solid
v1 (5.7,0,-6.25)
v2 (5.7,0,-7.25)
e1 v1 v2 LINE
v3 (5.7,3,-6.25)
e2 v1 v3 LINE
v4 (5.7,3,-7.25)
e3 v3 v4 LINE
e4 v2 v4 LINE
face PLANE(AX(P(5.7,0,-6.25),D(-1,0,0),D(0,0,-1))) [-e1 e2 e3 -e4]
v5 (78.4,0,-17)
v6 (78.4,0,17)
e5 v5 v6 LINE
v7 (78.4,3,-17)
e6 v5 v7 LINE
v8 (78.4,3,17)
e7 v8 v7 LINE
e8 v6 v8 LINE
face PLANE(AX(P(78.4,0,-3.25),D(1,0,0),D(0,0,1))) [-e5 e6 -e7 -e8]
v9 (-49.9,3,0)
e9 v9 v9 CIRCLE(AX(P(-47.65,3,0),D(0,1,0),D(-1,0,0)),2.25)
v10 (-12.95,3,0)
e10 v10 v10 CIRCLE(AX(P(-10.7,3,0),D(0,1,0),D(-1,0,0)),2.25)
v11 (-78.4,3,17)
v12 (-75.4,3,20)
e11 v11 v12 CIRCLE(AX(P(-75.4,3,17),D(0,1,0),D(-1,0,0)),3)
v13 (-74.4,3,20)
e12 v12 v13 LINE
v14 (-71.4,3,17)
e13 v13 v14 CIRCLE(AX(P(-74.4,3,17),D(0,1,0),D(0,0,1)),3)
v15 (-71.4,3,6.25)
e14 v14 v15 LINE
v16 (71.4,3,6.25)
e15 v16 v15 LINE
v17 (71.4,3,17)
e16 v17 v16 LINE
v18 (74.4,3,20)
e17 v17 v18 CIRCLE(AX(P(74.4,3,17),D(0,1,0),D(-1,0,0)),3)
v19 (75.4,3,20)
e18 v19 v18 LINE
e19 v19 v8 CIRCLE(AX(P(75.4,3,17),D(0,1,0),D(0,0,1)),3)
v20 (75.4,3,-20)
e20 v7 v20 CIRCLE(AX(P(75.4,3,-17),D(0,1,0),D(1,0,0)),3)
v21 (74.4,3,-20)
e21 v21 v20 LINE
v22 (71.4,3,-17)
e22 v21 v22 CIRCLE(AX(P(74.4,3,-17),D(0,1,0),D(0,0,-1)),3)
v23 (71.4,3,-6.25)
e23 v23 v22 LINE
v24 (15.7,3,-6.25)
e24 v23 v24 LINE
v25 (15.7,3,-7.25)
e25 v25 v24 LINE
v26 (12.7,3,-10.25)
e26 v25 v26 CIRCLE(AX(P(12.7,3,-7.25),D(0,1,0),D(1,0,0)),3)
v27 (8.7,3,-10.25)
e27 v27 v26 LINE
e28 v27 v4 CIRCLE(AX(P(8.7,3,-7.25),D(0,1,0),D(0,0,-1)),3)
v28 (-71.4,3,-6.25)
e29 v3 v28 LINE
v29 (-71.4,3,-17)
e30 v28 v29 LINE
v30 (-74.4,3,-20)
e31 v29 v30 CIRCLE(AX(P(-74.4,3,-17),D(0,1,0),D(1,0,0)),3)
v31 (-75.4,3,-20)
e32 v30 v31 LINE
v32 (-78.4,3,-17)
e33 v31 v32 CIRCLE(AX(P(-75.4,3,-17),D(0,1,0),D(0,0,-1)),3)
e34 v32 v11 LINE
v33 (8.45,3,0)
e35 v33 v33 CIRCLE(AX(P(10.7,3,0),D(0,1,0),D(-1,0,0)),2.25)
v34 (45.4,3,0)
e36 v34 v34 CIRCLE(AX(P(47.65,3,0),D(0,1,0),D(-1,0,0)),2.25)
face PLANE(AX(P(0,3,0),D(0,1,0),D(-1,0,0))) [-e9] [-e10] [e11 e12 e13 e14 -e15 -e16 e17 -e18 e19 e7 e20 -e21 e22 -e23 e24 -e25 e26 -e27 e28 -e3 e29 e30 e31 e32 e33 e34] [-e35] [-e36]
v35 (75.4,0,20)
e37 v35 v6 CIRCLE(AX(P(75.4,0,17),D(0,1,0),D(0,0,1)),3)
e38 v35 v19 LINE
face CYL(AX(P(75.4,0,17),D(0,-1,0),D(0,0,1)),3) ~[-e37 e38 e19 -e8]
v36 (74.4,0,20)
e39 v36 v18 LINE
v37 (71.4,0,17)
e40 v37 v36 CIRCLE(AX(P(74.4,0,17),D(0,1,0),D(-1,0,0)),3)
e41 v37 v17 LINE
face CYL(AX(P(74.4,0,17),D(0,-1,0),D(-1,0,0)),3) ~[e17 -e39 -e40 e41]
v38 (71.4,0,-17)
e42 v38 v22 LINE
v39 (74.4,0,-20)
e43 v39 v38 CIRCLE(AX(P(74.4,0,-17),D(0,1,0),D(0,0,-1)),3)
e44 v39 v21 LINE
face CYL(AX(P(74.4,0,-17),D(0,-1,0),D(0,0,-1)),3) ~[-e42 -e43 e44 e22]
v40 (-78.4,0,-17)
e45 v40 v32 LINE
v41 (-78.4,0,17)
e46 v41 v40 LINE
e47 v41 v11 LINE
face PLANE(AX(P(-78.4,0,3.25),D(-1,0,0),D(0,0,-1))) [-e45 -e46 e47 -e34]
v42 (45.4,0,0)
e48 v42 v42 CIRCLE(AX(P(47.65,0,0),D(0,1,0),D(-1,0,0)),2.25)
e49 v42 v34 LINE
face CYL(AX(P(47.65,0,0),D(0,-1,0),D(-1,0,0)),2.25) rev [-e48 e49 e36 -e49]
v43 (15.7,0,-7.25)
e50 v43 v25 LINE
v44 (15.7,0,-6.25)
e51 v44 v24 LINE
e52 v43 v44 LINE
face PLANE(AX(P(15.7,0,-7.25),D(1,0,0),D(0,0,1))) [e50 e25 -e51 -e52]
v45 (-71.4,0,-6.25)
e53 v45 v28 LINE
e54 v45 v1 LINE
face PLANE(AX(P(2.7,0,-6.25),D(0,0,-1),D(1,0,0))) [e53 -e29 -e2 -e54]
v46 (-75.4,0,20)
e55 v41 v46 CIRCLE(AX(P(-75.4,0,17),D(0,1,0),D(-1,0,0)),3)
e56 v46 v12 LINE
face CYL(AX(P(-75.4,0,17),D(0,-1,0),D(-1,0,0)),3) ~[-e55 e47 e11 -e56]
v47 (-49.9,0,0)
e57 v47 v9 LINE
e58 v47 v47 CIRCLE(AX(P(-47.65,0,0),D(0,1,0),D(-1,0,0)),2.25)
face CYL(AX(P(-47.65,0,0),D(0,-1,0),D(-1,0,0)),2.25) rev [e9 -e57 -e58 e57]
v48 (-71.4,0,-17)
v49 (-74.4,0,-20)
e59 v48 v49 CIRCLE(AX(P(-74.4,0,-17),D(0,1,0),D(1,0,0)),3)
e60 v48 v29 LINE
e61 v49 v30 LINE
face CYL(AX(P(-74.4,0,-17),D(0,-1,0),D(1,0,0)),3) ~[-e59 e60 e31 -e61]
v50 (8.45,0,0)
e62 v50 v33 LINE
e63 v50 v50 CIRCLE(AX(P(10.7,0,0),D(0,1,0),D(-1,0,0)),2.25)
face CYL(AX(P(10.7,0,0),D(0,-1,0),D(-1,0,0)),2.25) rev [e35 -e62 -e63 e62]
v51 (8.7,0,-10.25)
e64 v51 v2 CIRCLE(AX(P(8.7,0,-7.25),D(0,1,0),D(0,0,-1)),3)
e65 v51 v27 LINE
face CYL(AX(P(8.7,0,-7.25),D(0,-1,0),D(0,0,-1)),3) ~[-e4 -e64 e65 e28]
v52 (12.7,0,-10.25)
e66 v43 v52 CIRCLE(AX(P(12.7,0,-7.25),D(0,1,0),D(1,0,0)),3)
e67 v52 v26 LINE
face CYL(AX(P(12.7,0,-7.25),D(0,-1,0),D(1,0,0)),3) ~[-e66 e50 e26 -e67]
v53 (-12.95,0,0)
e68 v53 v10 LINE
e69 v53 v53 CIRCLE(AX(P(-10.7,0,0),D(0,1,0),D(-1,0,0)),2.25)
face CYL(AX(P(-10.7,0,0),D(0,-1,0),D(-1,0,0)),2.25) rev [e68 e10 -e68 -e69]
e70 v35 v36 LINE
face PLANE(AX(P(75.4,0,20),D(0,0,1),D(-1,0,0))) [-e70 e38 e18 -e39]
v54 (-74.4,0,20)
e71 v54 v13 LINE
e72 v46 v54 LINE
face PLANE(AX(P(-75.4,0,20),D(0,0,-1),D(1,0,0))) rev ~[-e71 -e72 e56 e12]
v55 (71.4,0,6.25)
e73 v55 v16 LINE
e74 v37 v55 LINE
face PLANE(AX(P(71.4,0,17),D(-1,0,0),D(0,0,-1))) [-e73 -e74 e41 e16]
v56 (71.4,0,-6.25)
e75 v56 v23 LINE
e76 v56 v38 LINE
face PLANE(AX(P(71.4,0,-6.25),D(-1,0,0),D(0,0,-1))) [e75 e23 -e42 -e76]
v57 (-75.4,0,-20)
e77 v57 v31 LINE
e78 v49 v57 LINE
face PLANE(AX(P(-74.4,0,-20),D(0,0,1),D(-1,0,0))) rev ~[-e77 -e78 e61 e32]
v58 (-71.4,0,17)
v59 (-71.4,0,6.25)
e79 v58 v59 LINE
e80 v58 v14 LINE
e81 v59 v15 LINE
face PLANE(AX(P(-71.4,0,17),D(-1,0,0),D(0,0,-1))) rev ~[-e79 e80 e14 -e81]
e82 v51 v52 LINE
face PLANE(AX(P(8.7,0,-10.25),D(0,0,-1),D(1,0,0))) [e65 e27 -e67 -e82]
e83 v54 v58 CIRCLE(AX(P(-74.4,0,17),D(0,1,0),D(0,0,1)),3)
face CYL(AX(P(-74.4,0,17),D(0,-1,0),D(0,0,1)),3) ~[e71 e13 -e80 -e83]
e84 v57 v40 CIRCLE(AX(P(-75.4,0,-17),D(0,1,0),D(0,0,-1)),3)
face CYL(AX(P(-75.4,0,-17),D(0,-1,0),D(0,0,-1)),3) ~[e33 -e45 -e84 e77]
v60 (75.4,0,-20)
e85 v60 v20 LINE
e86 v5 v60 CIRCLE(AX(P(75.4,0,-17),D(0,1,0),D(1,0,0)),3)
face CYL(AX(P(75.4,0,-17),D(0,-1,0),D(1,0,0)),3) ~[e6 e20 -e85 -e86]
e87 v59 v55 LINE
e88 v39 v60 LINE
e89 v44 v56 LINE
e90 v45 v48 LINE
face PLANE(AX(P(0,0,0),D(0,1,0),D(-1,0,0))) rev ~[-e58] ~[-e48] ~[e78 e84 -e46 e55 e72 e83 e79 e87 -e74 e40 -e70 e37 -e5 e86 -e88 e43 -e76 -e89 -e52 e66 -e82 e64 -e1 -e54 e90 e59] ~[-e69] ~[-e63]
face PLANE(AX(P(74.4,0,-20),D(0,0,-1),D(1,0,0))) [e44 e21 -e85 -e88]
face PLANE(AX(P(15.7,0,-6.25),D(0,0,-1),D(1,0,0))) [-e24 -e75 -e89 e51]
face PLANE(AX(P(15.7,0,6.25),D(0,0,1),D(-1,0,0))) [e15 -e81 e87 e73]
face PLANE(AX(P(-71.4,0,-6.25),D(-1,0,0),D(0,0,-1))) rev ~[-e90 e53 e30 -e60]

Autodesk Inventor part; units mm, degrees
ref_plane "YZ Plane" through (0, 0, 0) normal (1, 0, 0) x (0, 1, 0)
ref_plane "XZ Plane" through (0, 0, 0) normal (0, 1, 0) x (-1, 0, 0)
ref_plane "XY Plane" through (0, 0, 0) normal (0, 0, 1) x (1, 0, 0)
sketch "Sketch1" plane through (0, 0, 0) normal (0, 1, 0) x (-1, 0, 0)
  line L0 (-75.4, 6.25) -> (75.4, 6.25)
  line L1 (78.4, 3.25) -> (78.4, -3.25)
  line L2 (75.4, -6.25) -> (-75.4, -6.25)
  line L3 (-78.4, -3.25) -> (-78.4, 3.25)
  circle A0 centre (-47.65, 0) radius 2.25
  circle A1 centre (47.65, 0) radius 2.25
  circle A2 centre (-47.65, 0) radius 26.75 construction
  circle A3 centre (-10.7, 0) radius 2.25
  circle A4 centre (-10.7, 0) radius 11.2 construction
  line L4 (-21.9, 0) -> (-21.9, 5.3604)
  line L5 (-20.9, 0) -> (-20.9, 5.3604)
  circle A5 centre (10.7, 0) radius 2.25
  circle A6 centre (10.7, 0) radius 11.2 construction
  line L6 (-0.5, 0) -> (-0.5, 4.194)
  line L7 (0.5, 0) -> (0.5, 4.194)
  circle A7 centre (47.65, 0) radius 26.75 construction
  line L8 (20.9, 0) -> (20.9, 4.3426)
  line L9 (21.9, 0) -> (21.9, 4.3426)
  arc A8 (-75.4, 6.25) -> (-78.4, 3.25) centre (-75.4, 3.25) ccw
  arc A9 (-78.4, -3.25) -> (-75.4, -6.25) centre (-75.4, -3.25) ccw
  arc A10 (78.4, 3.25) -> (75.4, 6.25) centre (75.4, 3.25) ccw
  arc A11 (75.4, -6.25) -> (78.4, -3.25) centre (75.4, -3.25) ccw
  line L10 (-81.9483, 0) -> (80.5332, 0) construction
  line L11 (-15.7, 6.25) -> (-5.7, 6.25)
  line L12 (-15.7, -6.25) -> (-5.7, -6.25)
  line L13 (-5.7, -6.25) -> (-5.7, -7.25)
  line L14 (-8.7, -10.25) -> (-12.7, -10.25)
  line L15 (-15.7, -7.25) -> (-15.7, -6.25)
  arc A12 (-15.7, -7.25) -> (-12.7, -10.25) centre (-12.7, -7.25) ccw
  arc A13 (-8.7, -10.25) -> (-5.7, -7.25) centre (-8.7, -7.25) ccw
  line L16 (74.4, 0) -> (74.4, 9.25)
  line L17 (-74.4, 0) -> (-74.4, 10.75)
  line L18 (-75.4, 20) -> (-74.4, 20)
  line L19 (-71.4, 17) -> (-71.4, -17)
  line L20 (-74.4, -20) -> (-75.4, -20)
  line L21 (-78.4, -17) -> (-78.4, 17)
  line L22 (75.4, 20) -> (74.4, 20)
  line L23 (71.4, 17) -> (71.4, -17)
  line L24 (74.4, -20) -> (75.4, -20)
  line L25 (78.4, -17) -> (78.4, 17)
  arc A14 (-75.4, 20) -> (-78.4, 17) centre (-75.4, 17) ccw
  arc A15 (-71.4, 17) -> (-74.4, 20) centre (-74.4, 17) ccw
  arc A16 (-78.4, -17) -> (-75.4, -20) centre (-75.4, -17) ccw
  arc A17 (-74.4, -20) -> (-71.4, -17) centre (-74.4, -17) ccw
  arc A18 (74.4, 20) -> (71.4, 17) centre (74.4, 17) ccw
  arc A19 (78.4, 17) -> (75.4, 20) centre (75.4, 17) ccw
  arc A20 (75.4, -20) -> (78.4, -17) centre (75.4, -17) ccw
  arc A21 (71.4, -17) -> (74.4, -20) centre (74.4, -17) ccw
  line L26 (-18.7, 7.9059) -> (-18.7, -10.25)
  line L27 (-2.7, 9.25) -> (-2.7, -10.25)
  point P0 (0, 0)
  point P1 (-78.4, 6.25)
  point P2 (-78.4, -6.25)
  point P3 (0, 6.25)
  point P4 (78.4, 0)
  point P5 (-78.4, 20)
  point P6 (-71.4, 20)
  point P7 (-78.4, -20)
  point P8 (-71.4, 0)
  point P9 (-78.4, 0)
  point P10 (78.4, 20)
  point P11 (71.4, 20)
  point P12 (78.4, -20)
  point P13 (78.4, 0)
  dimension "d0" = 12.5
  dimension "d1" = 4.5
  dimension "d3" = 4.5
  dimension "d5" = 53.5
  dimension "d6" = 4.5
  dimension "d7" = 22.4
  dimension "d8" = 1
  dimension "d9" = 4.5
  dimension "d10" = 22.4
  dimension "d11" = 1
  dimension "d12" = 53.5
  dimension "d13" = 1
  dimension "d14" = 3
  dimension "d29" = 4
  dimension "d30" = 148.8
  dimension "d31" = 4
  dimension "d32" = 7
  dimension "d33" = 40
  dimension "d34" = 7
  dimension "d35" = 40
  dimension "d36" = 3
  dimension "d37" = 3
  dimension "d39" = 3
  dimension "d40" = 3
  dimension "d42" = 1
  dimension "d43" = 8
  dimension "d44" = 8
  dimension "d45" = 16
extrude "Extrusion1" add sketch "Sketch1" along normal blind 3
chamfer "Chamfer2" [suppressed]
properties part number "OuterBar"
